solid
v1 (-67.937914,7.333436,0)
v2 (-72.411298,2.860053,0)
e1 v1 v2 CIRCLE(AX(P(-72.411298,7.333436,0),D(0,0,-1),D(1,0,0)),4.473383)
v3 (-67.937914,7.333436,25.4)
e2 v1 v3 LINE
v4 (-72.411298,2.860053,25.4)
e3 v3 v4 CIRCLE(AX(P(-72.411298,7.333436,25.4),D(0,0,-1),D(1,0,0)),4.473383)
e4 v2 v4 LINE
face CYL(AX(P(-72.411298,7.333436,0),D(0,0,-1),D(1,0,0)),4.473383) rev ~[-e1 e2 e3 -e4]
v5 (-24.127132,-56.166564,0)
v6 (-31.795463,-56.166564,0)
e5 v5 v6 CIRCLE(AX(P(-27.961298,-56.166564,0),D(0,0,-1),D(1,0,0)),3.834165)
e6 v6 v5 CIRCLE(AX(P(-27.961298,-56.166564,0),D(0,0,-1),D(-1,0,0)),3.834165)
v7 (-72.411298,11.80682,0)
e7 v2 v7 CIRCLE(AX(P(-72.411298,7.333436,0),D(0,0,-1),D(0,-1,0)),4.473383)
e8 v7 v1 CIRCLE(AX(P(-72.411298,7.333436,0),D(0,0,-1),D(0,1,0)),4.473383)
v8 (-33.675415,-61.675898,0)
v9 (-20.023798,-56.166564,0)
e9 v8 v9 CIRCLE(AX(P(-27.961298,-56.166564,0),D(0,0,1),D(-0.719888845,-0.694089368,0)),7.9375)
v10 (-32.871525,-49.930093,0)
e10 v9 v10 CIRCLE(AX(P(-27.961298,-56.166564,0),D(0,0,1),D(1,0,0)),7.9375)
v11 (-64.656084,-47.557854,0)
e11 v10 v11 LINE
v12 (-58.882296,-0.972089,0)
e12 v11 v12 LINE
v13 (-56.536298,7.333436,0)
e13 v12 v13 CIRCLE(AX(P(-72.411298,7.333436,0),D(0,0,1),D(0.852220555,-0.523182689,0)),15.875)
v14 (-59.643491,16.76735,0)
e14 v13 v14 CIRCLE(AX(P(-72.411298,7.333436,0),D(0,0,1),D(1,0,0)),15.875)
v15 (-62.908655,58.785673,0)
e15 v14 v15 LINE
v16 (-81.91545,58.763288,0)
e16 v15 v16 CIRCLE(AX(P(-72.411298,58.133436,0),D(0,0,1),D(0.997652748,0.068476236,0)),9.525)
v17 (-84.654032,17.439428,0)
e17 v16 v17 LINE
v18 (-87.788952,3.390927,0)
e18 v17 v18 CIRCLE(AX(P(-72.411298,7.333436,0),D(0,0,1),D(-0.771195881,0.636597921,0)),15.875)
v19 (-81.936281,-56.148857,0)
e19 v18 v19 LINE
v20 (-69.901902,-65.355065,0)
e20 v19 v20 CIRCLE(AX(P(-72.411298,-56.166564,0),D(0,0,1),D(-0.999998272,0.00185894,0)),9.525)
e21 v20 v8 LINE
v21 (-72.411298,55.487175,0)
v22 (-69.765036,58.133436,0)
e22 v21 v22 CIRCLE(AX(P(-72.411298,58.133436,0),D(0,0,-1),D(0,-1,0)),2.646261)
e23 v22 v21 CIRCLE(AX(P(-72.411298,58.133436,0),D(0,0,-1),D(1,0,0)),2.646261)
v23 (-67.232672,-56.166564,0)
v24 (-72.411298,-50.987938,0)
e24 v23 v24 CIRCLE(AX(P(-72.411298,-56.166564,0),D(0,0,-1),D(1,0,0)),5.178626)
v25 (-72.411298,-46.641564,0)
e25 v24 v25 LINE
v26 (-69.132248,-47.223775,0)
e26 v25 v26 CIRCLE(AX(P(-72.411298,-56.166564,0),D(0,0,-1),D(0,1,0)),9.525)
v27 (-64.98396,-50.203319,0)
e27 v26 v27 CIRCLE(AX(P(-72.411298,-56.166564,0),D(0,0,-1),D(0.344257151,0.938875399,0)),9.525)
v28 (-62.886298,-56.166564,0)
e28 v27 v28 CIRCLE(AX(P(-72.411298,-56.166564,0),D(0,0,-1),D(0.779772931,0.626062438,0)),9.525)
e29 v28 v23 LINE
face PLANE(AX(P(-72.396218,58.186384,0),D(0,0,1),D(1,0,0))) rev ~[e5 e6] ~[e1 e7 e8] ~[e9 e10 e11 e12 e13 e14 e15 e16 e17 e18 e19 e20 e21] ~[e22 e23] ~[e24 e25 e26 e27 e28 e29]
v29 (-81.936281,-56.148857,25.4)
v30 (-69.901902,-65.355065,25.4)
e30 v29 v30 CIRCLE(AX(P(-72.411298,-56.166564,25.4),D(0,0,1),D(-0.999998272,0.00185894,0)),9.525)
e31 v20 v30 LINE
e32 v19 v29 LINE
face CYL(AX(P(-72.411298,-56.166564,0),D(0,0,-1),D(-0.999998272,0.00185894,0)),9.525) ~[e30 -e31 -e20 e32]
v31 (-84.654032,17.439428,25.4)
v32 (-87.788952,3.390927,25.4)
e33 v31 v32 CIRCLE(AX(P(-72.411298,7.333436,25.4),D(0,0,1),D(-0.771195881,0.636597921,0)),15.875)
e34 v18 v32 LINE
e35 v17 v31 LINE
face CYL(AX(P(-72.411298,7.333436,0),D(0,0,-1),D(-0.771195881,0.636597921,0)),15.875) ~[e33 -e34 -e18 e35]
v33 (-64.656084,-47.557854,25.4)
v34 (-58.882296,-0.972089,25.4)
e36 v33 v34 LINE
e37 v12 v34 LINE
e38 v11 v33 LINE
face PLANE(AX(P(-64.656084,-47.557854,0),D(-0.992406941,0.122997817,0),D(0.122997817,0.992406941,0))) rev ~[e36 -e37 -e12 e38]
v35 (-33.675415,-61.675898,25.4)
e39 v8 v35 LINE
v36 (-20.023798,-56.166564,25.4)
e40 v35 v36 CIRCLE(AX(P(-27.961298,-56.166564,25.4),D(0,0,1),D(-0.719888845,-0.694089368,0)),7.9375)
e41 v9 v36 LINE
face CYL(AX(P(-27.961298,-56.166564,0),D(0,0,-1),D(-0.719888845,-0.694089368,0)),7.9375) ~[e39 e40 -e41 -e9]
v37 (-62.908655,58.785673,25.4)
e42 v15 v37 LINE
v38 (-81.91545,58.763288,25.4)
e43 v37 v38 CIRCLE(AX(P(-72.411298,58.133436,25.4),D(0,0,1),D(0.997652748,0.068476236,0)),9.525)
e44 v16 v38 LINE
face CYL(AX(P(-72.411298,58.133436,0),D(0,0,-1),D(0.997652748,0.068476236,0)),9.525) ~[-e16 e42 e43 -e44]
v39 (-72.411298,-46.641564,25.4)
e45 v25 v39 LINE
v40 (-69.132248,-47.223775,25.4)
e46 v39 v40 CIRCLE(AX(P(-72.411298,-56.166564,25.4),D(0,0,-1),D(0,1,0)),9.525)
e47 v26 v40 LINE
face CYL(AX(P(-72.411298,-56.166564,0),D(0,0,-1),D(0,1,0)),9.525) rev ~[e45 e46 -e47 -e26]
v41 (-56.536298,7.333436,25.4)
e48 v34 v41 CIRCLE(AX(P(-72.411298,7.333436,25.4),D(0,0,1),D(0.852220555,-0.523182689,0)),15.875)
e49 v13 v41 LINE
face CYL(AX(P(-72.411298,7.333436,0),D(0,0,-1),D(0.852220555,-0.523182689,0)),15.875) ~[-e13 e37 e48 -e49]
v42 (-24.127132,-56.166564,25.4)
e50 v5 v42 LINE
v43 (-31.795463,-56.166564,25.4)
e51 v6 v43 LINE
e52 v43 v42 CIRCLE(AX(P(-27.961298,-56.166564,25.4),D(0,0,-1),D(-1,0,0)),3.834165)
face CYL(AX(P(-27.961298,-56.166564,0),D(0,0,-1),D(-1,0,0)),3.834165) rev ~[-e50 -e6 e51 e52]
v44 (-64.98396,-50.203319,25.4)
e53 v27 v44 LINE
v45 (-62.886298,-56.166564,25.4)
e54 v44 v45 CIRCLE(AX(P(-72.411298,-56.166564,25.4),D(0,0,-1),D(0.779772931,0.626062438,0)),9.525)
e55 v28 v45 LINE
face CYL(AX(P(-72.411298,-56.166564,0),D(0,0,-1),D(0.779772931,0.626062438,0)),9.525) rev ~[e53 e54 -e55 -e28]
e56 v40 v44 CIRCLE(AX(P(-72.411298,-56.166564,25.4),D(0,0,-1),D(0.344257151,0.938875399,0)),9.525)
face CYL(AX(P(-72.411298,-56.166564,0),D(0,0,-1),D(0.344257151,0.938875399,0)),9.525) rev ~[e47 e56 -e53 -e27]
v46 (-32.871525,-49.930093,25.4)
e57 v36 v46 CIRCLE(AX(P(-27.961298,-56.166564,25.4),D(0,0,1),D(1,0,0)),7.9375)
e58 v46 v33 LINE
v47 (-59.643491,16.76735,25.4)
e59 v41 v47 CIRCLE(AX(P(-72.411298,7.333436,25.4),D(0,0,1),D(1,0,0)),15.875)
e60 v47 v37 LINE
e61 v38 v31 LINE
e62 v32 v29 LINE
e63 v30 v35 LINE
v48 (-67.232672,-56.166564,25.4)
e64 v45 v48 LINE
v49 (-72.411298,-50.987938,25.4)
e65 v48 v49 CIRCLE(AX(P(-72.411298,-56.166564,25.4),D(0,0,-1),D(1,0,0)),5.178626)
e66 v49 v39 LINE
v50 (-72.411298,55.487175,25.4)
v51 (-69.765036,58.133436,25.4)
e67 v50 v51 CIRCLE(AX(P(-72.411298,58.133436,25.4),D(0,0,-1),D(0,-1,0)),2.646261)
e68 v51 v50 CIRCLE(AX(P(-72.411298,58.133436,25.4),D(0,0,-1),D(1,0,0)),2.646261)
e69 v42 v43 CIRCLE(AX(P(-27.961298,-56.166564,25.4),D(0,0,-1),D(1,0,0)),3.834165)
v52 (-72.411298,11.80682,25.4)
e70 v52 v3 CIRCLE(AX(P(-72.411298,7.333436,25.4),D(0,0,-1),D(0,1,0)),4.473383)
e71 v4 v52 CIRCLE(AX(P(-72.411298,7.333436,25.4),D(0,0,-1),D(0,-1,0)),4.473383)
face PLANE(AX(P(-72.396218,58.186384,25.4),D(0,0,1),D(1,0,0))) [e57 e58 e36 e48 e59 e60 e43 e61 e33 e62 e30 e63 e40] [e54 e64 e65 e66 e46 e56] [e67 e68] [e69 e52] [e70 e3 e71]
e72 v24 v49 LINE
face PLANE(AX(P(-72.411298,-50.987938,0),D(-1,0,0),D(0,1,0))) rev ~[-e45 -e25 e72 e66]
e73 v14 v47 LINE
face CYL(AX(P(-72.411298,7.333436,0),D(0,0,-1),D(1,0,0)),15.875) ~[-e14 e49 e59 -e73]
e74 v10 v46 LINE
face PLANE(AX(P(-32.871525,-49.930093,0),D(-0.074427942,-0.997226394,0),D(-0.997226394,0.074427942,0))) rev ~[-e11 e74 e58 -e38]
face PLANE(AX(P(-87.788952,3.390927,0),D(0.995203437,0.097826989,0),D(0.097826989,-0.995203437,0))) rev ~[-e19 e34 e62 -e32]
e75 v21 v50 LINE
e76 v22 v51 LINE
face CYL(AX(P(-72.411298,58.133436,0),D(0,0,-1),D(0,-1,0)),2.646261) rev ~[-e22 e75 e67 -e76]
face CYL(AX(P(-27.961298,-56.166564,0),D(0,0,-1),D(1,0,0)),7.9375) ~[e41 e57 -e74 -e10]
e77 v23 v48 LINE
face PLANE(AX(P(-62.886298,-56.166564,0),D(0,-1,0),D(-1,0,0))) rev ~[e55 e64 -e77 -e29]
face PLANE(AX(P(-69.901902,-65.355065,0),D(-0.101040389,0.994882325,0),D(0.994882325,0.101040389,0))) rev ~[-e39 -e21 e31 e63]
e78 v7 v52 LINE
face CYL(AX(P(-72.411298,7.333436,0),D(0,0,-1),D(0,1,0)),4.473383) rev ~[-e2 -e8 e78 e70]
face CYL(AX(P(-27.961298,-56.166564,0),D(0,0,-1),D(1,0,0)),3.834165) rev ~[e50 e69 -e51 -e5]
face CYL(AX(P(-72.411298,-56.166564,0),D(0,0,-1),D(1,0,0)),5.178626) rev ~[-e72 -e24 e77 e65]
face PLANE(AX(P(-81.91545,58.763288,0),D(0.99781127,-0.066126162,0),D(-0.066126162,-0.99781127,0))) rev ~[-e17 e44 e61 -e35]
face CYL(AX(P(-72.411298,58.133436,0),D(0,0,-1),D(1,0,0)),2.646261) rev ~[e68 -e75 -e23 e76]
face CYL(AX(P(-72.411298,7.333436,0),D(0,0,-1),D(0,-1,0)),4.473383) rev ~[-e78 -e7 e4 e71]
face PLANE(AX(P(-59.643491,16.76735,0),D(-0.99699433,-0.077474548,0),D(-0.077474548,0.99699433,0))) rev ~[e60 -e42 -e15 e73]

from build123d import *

# Parameters (mm, degrees)
F1_DEPTH = 25.4


with BuildPart() as f1:
    # F0 (on Top) → F1 (new body)
    with BuildSketch(Plane.XY):
        with BuildLine():
            ThreePointArc((-81.9154499018, 58.7632881275), (-79.365611409, 51.6247388831), (-72.4112975543, 48.6084364341))
            ThreePointArc((-72.4112975543, 48.6084364341), (-65.6761054635, 51.3982443433), (-62.8862975543, 58.1334364341))
            ThreePointArc((-62.8862975543, 58.1334364341), (-62.8918885895, 58.4597460448), (-62.9086551316, 58.7856725777))
            ThreePointArc((-62.9086551316, 58.7856725777), (-72.4225152131, 67.6584298285), (-81.9154499018, 58.7632881275))
        make_face()
        with BuildLine():
            ThreePointArc((-69.7650360776, 58.1334364341), (-70.5401081193, 56.2622469991), (-72.4112975543, 55.4871749574))
            ThreePointArc((-72.4112975543, 55.4871749574), (-74.2824869893, 60.0046258691), (-69.7650360776, 58.1334364341))
        make_face(mode=Mode.SUBTRACT)
        with BuildLine():
            ThreePointArc((-62.8862975543, 58.1334364341), (-65.6761054635, 51.3982443433), (-72.4112975543, 48.6084364341))
            Line((-72.4112975543, 48.6084364341), (-72.4112975543, 23.2084364341))
            ThreePointArc((-72.4112975543, 23.2084364341), (-65.2610443066, 21.5069858658), (-59.6434905803, 16.7673502601))
            Line((-59.6434905803, 16.7673502601), (-62.9086551316, 58.7856725777))
            ThreePointArc((-62.9086551316, 58.7856725777), (-62.8918885895, 58.4597460448), (-62.8862975543, 58.1334364341))
        make_face()
        with BuildLine():
            Line((-72.4112975543, 23.2084364341), (-72.4112975543, 48.6084364341))
            ThreePointArc((-72.4112975543, 48.6084364341), (-79.365611409, 51.6247388831), (-81.9154499018, 58.7632881275))
            Line((-81.9154499018, 58.7632881275), (-84.6540321608, 17.4394284366))
            ThreePointArc((-84.6540321608, 17.4394284366), (-79.1782393288, 21.6939421362), (-72.4112975543, 23.2084364341))
        make_face()
        with BuildLine():
            ThreePointArc((-59.6434905803, 16.7673502601), (-65.2610443066, 21.5069858658), (-72.4112975543, 23.2084364341))
            Line((-72.4112975543, 23.2084364341), (-72.4112975543, 11.8068196371))
            ThreePointArc((-72.4112975543, 11.8068196371), (-69.2481379566, 10.4965960318), (-67.9379143512, 7.3334364341))
            ThreePointArc((-67.9379143512, 7.3334364341), (-69.2481379566, 4.1702768364), (-72.4112975543, 2.8600532311))
            Line((-72.4112975543, 2.8600532311), (-72.4112975543, -8.5415635659))
            ThreePointArc((-72.4112975543, -8.5415635659), (-64.659994032, -6.5205492273), (-58.8822962498, -0.9720887572))
            ThreePointArc((-58.8822962498, -0.9720887572), (-57.134051063, 3.0181885101), (-56.5362975543, 7.3334364341))
            ThreePointArc((-56.5362975543, 7.3334364341), (-57.333092079, 12.2996567921), (-59.6434905803, 16.7673502601))
        make_face()
        with BuildLine():
            Line((-72.4112975543, 11.8068196371), (-72.4112975543, 23.2084364341))
            ThreePointArc((-72.4112975543, 23.2084364341), (-79.1782393288, 21.6939421362), (-84.6540321608, 17.4394284366))
            ThreePointArc((-84.6540321608, 17.4394284366), (-87.9052178237, 10.7909007773), (-87.788951639, 3.3909270999))
            ThreePointArc((-87.788951639, 3.3909270999), (-82.1434167819, -5.2085522575), (-72.4112975543, -8.5415635659))
            Line((-72.4112975543, -8.5415635659), (-72.4112975543, 2.8600532311))
            ThreePointArc((-72.4112975543, 2.8600532311), (-76.8846807573, 7.3334364341), (-72.4112975543, 11.8068196371))
        make_face()
        with BuildLine():
            ThreePointArc((-72.4112975543, -8.5415635659), (-82.1434167819, -5.2085522575), (-87.788951639, 3.3909270999))
            Line((-87.788951639, 3.3909270999), (-81.9362810967, -56.1488571643))
            ThreePointArc((-81.9362810967, -56.1488571643), (-79.1402265748, -49.4251142234), (-72.4112975543, -46.6415635659))
            Line((-72.4112975543, -46.6415635659), (-72.4112975543, -8.5415635659))
        make_face()
        with BuildLine():
            ThreePointArc((-58.8822962498, -0.9720887572), (-64.659994032, -6.5205492273), (-72.4112975543, -8.5415635659))
            Line((-72.4112975543, -8.5415635659), (-72.4112975543, -46.6415635659))
            ThreePointArc((-72.4112975543, -46.6415635659), (-70.7461297446, -46.7882459574), (-69.1322481915, -47.2237753946))
            Line((-69.1322481915, -47.2237753946), (-64.6560843657, -47.5578536564))
            Line((-64.6560843657, -47.5578536564), (-58.8822962498, -0.9720887572))
        make_face()
        with BuildLine():
            ThreePointArc((-72.4112975543, -46.6415635659), (-79.1402265748, -49.4251142234), (-81.9362810967, -56.1488571643))
            ThreePointArc((-81.9362810967, -56.1488571643), (-78.1986271898, -63.7317761003), (-69.9019019663, -65.3550650097))
            ThreePointArc((-69.9019019663, -65.3550650097), (-64.8407091367, -61.9468590611), (-62.8862975543, -56.1665635659))
            Line((-62.8862975543, -56.1665635659), (-67.2326719659, -56.1665635659))
            ThreePointArc((-67.2326719659, -56.1665635659), (-76.073138825, -59.8284048367), (-72.4112975543, -50.9879379775))
            Line((-72.4112975543, -50.9879379775), (-72.4112975543, -46.6415635659))
        make_face()
        with BuildLine():
            Line((-32.8715252909, -49.9300926228), (-64.6560843657, -47.5578536564))
            Line((-64.6560843657, -47.5578536564), (-64.9839603911, -50.2033188397))
            ThreePointArc((-64.9839603911, -50.2033188397), (-63.4260036949, -53.0058485739), (-62.8862975543, -56.1665635659))
            Line((-62.8862975543, -56.1665635659), (-35.8987975543, -56.1665635659))
            ThreePointArc((-35.8987975543, -56.1665635659), (-35.1019851581, -52.7003715927), (-32.8715252909, -49.9300926228))
        make_face()
        with BuildLine():
            Line((-64.9839603911, -50.2033188397), (-64.6560843657, -47.5578536564))
            Line((-64.6560843657, -47.5578536564), (-69.1322481915, -47.2237753946))
            ThreePointArc((-69.1322481915, -47.2237753946), (-66.8546710691, -48.4303159546), (-64.9839603911, -50.2033188397))
        make_face()
        with BuildLine():
            ThreePointArc((-62.8862975543, -56.1665635659), (-64.8407091367, -61.9468590611), (-69.9019019663, -65.3550650097))
            Line((-69.9019019663, -65.3550650097), (-33.6754152653, -61.6758979208))
            ThreePointArc((-33.6754152653, -61.6758979208), (-35.3219943821, -59.1370935622), (-35.8987975543, -56.1665635659))
            Line((-35.8987975543, -56.1665635659), (-62.8862975543, -56.1665635659))
        make_face()
        with BuildLine():
            ThreePointArc((-20.0237975543, -56.1665635659), (-24.4951055811, -49.0258759621), (-32.8715252909, -49.9300926228))
            ThreePointArc((-32.8715252909, -49.9300926228), (-35.1019851581, -52.7003715927), (-35.8987975543, -56.1665635659))
            ThreePointArc((-35.8987975543, -56.1665635659), (-35.3219943821, -59.1370935622), (-33.6754152653, -61.6758979208))
            ThreePointArc((-33.6754152653, -61.6758979208), (-24.9907675579, -63.5272603937), (-20.0237975543, -56.1665635659))
        make_face()
        with BuildLine():
            ThreePointArc((-24.1271322151, -56.1665635659), (-27.9612975543, -60.000728905), (-31.7954628934, -56.1665635659))
            ThreePointArc((-31.7954628934, -56.1665635659), (-27.9612975543, -52.3323982268), (-24.1271322151, -56.1665635659))
        make_face(mode=Mode.SUBTRACT)
    extrude(amount=F1_DEPTH)


solid = f1.part
